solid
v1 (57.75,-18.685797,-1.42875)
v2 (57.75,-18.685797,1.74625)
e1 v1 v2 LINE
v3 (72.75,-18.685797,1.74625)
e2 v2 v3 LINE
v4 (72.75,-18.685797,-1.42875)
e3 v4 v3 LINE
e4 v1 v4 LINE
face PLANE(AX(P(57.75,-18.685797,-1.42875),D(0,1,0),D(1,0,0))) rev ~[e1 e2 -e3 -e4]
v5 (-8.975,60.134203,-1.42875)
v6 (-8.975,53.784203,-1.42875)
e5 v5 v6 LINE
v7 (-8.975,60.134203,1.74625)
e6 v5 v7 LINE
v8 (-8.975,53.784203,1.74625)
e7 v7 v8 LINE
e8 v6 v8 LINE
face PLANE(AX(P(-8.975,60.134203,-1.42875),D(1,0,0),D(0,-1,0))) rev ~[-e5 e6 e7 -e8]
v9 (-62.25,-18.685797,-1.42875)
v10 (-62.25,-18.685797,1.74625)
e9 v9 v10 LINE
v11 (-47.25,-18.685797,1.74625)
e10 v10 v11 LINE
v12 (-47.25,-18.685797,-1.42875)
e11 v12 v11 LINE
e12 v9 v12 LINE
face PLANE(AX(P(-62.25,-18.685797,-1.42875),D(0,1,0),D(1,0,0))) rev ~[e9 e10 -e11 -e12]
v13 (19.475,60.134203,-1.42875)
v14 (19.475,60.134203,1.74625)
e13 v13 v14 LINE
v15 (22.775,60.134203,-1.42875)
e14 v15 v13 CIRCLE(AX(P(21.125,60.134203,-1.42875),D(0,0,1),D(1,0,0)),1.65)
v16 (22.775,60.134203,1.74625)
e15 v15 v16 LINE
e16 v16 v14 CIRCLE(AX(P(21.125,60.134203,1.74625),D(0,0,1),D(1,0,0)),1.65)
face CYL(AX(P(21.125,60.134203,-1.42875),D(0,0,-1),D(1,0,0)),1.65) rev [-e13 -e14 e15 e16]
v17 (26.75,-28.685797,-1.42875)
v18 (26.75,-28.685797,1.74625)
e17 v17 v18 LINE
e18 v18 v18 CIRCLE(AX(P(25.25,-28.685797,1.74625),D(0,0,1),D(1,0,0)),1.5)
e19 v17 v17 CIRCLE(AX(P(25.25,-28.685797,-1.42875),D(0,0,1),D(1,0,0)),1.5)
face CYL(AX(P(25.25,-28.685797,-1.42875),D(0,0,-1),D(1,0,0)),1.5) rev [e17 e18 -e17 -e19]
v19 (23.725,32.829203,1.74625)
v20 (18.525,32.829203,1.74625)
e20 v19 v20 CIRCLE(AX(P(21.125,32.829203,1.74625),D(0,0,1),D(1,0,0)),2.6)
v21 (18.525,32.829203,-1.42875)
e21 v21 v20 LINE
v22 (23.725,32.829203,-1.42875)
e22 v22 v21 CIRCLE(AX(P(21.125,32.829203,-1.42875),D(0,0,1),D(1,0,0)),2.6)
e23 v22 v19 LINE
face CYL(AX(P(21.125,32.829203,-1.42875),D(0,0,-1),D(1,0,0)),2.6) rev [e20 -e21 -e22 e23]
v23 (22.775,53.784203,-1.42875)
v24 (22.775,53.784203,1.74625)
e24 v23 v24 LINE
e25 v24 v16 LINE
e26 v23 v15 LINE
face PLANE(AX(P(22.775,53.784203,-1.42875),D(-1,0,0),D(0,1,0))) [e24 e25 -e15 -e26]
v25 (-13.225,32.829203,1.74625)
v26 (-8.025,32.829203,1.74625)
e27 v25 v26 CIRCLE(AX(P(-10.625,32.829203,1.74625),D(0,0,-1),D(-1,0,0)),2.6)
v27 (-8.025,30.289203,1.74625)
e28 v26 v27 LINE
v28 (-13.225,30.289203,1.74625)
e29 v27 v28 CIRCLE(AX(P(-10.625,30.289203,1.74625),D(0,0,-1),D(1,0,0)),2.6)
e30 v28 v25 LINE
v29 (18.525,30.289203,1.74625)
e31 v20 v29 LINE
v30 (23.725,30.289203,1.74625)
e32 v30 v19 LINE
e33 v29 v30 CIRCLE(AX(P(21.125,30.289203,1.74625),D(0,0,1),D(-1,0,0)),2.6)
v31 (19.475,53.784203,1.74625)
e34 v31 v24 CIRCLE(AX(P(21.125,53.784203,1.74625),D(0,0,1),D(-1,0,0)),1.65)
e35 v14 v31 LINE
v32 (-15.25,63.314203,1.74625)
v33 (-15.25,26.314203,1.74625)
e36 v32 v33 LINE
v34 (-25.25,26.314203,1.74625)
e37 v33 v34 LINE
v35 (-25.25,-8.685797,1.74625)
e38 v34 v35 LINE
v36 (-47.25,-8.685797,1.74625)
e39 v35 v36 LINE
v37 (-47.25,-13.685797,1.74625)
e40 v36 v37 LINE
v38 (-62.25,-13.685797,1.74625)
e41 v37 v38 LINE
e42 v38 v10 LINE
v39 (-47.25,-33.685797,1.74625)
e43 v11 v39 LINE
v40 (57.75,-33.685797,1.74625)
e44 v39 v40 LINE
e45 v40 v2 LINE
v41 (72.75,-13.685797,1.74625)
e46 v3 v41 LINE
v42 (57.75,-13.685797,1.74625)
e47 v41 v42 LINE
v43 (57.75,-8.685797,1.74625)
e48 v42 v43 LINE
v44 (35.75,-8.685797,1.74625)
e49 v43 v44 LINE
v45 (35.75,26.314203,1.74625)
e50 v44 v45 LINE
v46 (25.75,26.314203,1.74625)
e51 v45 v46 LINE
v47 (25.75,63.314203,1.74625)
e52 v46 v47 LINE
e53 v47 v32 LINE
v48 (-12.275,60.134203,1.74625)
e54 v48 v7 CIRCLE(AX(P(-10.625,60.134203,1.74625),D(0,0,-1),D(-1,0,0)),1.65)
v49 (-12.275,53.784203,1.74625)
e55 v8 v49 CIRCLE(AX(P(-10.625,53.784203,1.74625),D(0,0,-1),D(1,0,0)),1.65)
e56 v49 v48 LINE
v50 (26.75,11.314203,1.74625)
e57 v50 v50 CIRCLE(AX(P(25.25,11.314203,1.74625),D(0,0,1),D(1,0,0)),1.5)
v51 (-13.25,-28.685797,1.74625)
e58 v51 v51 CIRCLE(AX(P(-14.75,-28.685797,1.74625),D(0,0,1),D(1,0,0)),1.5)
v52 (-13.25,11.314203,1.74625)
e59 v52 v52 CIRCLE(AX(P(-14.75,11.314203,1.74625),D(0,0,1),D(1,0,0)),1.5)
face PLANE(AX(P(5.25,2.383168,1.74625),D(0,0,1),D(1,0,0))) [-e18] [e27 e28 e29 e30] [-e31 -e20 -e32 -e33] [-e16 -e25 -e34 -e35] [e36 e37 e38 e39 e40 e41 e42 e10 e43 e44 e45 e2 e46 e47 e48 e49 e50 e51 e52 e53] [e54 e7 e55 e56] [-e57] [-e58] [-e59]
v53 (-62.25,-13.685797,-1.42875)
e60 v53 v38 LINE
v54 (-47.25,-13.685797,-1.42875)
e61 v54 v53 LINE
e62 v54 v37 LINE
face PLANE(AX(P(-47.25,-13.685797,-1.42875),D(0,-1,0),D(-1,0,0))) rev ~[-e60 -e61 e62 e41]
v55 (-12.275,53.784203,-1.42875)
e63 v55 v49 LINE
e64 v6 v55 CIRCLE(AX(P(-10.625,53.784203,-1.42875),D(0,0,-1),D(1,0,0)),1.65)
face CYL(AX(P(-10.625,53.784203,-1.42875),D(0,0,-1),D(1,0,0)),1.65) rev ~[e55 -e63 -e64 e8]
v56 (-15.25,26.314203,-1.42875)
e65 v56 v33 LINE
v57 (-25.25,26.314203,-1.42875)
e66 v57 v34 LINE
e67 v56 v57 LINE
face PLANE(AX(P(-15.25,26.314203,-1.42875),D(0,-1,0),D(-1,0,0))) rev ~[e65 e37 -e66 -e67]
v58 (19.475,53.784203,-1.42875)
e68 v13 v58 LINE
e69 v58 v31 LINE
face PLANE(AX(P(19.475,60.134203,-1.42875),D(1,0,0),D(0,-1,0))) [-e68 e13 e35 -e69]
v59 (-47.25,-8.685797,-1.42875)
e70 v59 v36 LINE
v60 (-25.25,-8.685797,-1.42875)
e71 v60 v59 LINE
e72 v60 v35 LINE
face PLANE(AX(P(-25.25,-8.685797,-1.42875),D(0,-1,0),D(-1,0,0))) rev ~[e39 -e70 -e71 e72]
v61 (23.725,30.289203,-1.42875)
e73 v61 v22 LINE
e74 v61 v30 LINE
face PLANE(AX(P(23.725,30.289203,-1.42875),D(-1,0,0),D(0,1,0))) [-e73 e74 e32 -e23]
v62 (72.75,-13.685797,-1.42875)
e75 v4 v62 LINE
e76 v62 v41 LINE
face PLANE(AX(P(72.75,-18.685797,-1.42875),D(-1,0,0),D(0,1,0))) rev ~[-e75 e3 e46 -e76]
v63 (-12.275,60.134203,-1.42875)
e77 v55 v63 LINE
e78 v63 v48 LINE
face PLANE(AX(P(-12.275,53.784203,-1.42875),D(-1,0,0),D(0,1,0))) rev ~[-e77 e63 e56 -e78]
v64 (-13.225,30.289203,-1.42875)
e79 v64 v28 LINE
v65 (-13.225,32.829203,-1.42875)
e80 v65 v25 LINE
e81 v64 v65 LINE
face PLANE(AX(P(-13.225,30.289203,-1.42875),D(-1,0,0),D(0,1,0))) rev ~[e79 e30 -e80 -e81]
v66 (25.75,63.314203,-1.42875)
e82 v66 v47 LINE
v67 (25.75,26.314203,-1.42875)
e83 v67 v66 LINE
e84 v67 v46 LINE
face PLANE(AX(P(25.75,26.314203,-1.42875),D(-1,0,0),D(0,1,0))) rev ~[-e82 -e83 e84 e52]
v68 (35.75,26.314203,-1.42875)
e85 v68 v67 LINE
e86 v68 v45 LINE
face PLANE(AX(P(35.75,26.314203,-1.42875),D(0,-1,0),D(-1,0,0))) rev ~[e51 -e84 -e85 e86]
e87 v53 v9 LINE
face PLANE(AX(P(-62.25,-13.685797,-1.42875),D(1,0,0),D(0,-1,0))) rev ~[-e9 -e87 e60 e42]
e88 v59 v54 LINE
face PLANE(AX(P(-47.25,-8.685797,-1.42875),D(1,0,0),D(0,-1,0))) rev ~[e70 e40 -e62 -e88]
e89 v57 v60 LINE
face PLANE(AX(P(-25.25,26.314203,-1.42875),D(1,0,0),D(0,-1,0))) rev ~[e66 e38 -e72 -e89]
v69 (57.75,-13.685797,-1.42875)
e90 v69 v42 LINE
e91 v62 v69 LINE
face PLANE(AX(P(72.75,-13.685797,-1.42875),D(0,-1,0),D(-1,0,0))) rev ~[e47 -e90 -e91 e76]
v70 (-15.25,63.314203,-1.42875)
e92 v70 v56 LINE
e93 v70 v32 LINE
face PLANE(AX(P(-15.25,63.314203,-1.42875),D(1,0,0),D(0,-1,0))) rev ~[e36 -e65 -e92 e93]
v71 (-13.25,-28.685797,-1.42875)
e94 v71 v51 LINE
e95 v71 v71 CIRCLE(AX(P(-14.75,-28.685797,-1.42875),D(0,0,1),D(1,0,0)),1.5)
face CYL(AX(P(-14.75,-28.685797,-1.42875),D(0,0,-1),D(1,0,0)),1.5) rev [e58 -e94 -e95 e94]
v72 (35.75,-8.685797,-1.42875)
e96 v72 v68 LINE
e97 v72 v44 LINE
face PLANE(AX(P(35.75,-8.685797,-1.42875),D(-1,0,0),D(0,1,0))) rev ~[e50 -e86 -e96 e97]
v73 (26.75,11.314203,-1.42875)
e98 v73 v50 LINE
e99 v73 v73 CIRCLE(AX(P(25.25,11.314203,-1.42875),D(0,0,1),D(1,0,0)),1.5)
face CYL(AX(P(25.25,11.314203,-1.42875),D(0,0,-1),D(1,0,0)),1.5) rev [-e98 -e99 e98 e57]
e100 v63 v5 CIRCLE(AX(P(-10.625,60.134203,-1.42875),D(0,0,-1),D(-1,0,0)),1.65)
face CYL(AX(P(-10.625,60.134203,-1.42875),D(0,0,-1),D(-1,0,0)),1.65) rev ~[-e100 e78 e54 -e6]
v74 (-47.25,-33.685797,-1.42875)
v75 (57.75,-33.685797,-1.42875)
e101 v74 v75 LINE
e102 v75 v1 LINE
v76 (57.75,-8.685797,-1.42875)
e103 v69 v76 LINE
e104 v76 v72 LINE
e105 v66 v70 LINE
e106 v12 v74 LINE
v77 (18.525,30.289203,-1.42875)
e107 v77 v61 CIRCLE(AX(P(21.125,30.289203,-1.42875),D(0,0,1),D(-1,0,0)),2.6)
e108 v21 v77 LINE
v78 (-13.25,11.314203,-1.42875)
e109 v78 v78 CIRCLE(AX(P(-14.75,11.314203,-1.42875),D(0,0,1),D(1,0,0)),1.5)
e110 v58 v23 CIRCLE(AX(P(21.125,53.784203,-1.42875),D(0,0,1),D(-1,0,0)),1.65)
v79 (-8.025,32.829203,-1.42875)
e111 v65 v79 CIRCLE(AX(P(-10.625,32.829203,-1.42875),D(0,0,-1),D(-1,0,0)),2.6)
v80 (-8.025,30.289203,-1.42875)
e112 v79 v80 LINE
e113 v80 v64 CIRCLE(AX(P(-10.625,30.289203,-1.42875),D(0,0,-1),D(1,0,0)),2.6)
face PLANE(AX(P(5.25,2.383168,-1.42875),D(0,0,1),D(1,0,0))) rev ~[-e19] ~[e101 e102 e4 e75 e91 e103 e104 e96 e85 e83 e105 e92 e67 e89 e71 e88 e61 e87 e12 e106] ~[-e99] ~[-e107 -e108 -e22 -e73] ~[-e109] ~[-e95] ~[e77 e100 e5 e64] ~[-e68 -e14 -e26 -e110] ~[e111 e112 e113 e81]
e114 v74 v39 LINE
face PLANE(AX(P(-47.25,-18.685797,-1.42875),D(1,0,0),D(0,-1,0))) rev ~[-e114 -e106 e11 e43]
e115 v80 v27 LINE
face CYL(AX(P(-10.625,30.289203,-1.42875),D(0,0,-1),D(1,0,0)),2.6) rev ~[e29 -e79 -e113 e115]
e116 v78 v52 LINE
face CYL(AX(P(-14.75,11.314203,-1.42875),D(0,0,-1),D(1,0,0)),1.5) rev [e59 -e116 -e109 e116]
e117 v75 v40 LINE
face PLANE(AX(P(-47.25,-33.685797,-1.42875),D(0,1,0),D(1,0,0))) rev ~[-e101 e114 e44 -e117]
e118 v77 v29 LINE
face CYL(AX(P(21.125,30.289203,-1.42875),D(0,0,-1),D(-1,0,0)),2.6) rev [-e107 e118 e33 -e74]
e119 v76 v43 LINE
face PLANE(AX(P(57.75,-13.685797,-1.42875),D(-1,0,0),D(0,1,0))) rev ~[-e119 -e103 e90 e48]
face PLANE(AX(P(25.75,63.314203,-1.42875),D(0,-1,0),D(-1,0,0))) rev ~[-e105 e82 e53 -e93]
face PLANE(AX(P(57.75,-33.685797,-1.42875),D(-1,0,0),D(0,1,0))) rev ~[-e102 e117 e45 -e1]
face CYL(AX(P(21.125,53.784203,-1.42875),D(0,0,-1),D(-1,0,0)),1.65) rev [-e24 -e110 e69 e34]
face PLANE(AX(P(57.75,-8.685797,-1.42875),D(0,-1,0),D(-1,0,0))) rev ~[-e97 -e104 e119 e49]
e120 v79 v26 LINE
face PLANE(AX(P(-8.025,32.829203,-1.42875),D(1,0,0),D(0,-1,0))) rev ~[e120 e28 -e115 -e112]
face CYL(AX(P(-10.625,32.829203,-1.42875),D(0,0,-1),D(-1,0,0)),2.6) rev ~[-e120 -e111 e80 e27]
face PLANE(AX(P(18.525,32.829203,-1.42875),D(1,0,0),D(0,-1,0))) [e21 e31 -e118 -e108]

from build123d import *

# Parameters (mm, degrees)
SKETCH1_R           = 0.15
BOSS_EXTRUDE1_DEPTH = 0.3175
SCALE1_SCALE        = 10


with BuildPart() as part:
    # Sketch1 → Boss-Extrude1 (new body)
    with BuildSketch(Plane.XY):
        Polygon((0, 0), (10.5, 0), (10.5, 1.5), (12, 1.5), (12, 2), (10.5, 2), (10.5, 2.5), (8.3, 2.5), (8.3, 6), (7.3, 6), (7.3, 9.7), (3.2, 9.7), (3.2, 6), (2.2, 6), (2.2, 2.5), (0, 2.5), (0, 2), (-1.5, 2), (-1.5, 1.5), (0, 1.5), align=None)
        with Locations((3.25, 0.5)):
            Circle(SKETCH1_R, mode=Mode.SUBTRACT)
        with Locations((7.25, 0.5)):
            Circle(SKETCH1_R, mode=Mode.SUBTRACT)
        with Locations((7.25, 4.5)):
            Circle(SKETCH1_R, mode=Mode.SUBTRACT)
        with Locations((3.25, 4.5)):
            Circle(SKETCH1_R, mode=Mode.SUBTRACT)
        with BuildLine():
            Line((3.8275, 9.382), (3.8275, 8.747))
            ThreePointArc((3.8275, 8.747), (3.6625, 8.582), (3.4975, 8.747))
            Line((3.4975, 8.747), (3.4975, 9.382))
            ThreePointArc((3.4975, 9.382), (3.6625, 9.547), (3.8275, 9.382))
        make_face(mode=Mode.SUBTRACT)
        with BuildLine():
            Line((6.6725, 9.382), (6.6725, 8.747))
            ThreePointArc((6.6725, 8.747), (6.8375, 8.582), (7.0025, 8.747))
            Line((7.0025, 8.747), (7.0025, 9.382))
            ThreePointArc((7.0025, 9.382), (6.8375, 9.547), (6.6725, 9.382))
        make_face(mode=Mode.SUBTRACT)
        with BuildLine():
            Line((3.4025, 6.3975), (3.4025, 6.6515))
            ThreePointArc((3.4025, 6.6515), (3.6625, 6.9115), (3.9225, 6.6515))
            Line((3.9225, 6.6515), (3.9225, 6.3975))
            ThreePointArc((3.9225, 6.3975), (3.6625, 6.1375), (3.4025, 6.3975))
        make_face(mode=Mode.SUBTRACT)
        with BuildLine():
            Line((7.0975, 6.3975), (7.0975, 6.6515))
            ThreePointArc((7.0975, 6.6515), (6.8375, 6.9115), (6.5775, 6.6515))
            Line((6.5775, 6.6515), (6.5775, 6.3975))
            ThreePointArc((6.5775, 6.3975), (6.8375, 6.1375), (7.0975, 6.3975))
        make_face(mode=Mode.SUBTRACT)
    extrude(amount=BOSS_EXTRUDE1_DEPTH)


with BuildPart() as part_1:
    # Scale1: scaled about (5.25, 3.742866372, 0.15875)
    add(part.part.scale(SCALE1_SCALE).moved(Location((-47.25, -33.685797348, -1.42875))))


solid = part_1.part
